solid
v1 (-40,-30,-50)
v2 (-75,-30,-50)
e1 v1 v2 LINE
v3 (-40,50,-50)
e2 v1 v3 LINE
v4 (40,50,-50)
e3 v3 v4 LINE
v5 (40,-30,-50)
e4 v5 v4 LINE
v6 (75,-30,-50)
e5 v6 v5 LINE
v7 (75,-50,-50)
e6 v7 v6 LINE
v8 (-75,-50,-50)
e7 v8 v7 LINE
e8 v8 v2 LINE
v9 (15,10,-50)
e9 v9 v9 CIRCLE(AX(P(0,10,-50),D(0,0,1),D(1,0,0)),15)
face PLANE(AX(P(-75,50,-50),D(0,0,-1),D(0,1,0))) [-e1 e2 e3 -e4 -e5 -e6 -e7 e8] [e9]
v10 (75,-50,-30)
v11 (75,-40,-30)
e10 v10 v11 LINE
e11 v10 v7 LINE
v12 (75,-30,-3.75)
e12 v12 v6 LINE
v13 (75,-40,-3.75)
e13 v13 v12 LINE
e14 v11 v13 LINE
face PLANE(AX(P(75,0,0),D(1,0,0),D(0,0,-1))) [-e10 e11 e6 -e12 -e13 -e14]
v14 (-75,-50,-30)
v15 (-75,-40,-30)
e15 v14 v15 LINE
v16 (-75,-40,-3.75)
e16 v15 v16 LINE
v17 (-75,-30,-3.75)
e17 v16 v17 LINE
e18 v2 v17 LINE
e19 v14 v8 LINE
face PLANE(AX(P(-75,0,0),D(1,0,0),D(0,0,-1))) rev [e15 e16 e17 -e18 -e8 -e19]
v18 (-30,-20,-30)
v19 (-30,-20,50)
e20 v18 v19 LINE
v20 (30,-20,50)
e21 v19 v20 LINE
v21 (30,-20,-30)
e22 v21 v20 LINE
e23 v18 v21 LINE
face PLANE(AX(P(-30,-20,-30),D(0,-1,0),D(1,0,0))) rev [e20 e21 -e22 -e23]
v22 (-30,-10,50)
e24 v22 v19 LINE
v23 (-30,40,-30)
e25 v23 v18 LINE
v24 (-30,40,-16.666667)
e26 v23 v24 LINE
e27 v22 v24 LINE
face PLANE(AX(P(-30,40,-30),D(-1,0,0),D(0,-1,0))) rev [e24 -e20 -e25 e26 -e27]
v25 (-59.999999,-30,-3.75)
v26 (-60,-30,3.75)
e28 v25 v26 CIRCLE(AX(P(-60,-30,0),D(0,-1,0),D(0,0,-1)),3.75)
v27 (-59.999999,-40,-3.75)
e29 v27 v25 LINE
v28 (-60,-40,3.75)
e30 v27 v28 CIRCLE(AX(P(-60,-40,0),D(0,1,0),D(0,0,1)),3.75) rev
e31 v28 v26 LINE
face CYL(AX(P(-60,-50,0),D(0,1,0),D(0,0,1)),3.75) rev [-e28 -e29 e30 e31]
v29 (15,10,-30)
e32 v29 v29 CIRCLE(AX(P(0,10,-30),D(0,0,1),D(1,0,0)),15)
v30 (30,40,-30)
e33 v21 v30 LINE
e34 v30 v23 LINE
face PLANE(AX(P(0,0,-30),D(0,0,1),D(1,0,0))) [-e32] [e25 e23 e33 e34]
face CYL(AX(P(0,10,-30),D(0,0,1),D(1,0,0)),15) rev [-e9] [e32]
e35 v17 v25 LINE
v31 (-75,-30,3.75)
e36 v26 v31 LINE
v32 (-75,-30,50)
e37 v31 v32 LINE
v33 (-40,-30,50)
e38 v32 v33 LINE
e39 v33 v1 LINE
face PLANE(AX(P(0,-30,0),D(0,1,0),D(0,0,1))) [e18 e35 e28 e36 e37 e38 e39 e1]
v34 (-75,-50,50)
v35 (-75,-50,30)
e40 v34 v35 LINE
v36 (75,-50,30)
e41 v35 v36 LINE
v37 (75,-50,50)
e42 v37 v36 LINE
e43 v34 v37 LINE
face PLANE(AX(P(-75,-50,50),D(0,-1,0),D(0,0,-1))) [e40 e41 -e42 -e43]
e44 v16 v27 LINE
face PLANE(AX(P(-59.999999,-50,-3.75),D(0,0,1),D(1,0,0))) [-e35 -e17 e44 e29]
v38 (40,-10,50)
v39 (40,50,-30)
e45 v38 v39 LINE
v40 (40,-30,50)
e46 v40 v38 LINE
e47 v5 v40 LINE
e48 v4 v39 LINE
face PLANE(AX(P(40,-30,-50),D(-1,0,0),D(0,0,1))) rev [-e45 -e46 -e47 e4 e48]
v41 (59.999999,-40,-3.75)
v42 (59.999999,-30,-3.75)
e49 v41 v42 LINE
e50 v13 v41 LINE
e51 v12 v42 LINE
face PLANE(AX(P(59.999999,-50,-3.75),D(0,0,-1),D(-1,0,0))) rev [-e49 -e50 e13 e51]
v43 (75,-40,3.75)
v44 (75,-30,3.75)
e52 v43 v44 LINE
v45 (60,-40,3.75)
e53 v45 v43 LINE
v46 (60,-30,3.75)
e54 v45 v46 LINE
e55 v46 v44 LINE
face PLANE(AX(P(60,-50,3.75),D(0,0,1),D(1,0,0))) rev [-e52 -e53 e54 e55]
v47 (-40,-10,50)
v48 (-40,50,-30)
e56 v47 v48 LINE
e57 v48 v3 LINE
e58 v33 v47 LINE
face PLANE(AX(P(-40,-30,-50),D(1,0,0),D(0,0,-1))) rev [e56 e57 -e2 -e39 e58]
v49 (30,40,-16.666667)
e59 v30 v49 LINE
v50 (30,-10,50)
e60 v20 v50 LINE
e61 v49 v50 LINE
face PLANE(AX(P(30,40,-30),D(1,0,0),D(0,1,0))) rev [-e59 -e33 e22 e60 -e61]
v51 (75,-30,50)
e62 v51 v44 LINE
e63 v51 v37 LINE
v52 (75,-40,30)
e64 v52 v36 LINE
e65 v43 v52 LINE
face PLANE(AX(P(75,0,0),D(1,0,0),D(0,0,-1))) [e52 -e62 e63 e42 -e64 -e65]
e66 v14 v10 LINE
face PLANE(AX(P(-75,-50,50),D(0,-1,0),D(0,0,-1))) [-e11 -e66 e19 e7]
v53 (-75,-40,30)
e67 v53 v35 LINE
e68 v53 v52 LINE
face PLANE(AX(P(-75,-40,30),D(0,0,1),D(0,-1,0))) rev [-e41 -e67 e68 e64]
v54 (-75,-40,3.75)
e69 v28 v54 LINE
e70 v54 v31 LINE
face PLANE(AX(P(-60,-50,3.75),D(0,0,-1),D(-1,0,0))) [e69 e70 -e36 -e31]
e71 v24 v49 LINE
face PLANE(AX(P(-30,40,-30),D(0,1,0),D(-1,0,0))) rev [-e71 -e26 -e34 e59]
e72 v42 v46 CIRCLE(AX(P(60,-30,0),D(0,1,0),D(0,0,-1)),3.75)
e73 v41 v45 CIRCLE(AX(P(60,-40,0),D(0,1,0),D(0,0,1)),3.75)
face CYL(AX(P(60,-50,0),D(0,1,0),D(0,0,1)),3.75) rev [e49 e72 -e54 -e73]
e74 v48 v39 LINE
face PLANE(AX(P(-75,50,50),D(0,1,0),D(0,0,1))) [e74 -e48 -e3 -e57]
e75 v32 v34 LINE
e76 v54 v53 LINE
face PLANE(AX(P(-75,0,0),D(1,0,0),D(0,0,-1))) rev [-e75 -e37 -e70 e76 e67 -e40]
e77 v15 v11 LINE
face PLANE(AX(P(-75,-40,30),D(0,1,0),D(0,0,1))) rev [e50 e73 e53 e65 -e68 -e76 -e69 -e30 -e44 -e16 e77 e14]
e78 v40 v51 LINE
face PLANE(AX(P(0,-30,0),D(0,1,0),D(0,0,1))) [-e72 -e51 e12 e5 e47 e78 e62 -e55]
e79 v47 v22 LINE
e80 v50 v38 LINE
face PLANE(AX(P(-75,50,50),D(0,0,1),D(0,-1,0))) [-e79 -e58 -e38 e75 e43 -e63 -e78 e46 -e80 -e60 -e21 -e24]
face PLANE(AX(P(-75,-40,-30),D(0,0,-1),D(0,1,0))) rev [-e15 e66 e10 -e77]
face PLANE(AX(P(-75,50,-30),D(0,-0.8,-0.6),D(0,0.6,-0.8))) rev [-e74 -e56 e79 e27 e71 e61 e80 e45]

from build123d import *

# Parameters (mm, degrees)
BOSS_EXTRUDE1_DEPTH      = 75
BOSS_EXTRUDE1_DEPTH_BACK = 75
SKETCH1_W                = 100
SKETCH1_H                = 100
SKETCH2_W                = 35
SKETCH2_H                = 100
CUT_EXTRUDE1_DEPTH       = 80
CUT_EXTRUDE2_DEPTH       = 136
SKETCH5_W                = 60
SKETCH5_H                = 60
CUT_EXTRUDE3_DEPTH       = 80
SKETCH6_W                = 60
SKETCH6_H                = 10
CUT_EXTRUDE5_DEPTH       = 166.831239518
CUT_EXTRUDE6_DEPTH       = 121.519707932
HOLE1_D                  = 30


with BuildPart() as part:
    # Sketch1 → Boss-Extrude1 (new, two sides: drawn at the far end of the back side and taken through both)
    with BuildSketch(Plane(origin=(0, 0, 0), x_dir=(0, 0, -1), z_dir=(1, 0, 0)).offset(-BOSS_EXTRUDE1_DEPTH_BACK)):
        Rectangle(SKETCH1_W, SKETCH1_H)
    extrude(amount=BOSS_EXTRUDE1_DEPTH + BOSS_EXTRUDE1_DEPTH_BACK)

    # Sketch2 → Cut-Extrude1 (cut)
    with BuildSketch(Plane(origin=(0, 50, 0), x_dir=(1, 0, 0), z_dir=(0, 1, 0))):
        with Locations((57.5, 0)):
            Rectangle(SKETCH2_W, SKETCH2_H)
        with Locations((-57.5, 0)):
            Rectangle(SKETCH2_W, SKETCH2_H)
    extrude(amount=-CUT_EXTRUDE1_DEPTH, mode=Mode.SUBTRACT)

    # Sketch3 → Cut-Extrude2 (cut, through all)
    with BuildSketch(Plane(origin=(40, 0, 0), x_dir=(0, 0, -1), z_dir=(1, 0, 0))):
        Polygon((30, 50), (-50, -10), (-50, 50), align=None)
    extrude(amount=-CUT_EXTRUDE2_DEPTH, mode=Mode.SUBTRACT)

    # Sketch5 → Cut-Extrude3 (cut)
    with BuildSketch(Plane.XY.offset(50)):
        with Locations((0, 10)):
            Rectangle(SKETCH5_W, SKETCH5_H)
    extrude(amount=-CUT_EXTRUDE3_DEPTH, mode=Mode.SUBTRACT)

    # Sketch6 → Cut-Extrude5 (cut, through all)
    with BuildSketch(Plane(origin=(75, 0, 0), x_dir=(0, 0, -1), z_dir=(1, 0, 0))):
        with Locations((0, -45)):
            Rectangle(SKETCH6_W, SKETCH6_H)
    extrude(amount=-CUT_EXTRUDE5_DEPTH, mode=Mode.SUBTRACT)

    # Sketch7 → Cut-Extrude6 (cut, through all)
    with BuildSketch(Plane(origin=(0, -30, 0), x_dir=(1, 0, 0), z_dir=(0, 1, 0))):
        with BuildLine():
            Line((59.99999901, 3.75), (75, 3.75))
            Line((75, 3.75), (75, -3.75))
            Line((75, -3.75), (60, -3.75))
            ThreePointArc((60, -3.75), (56.25, -4.95e-07), (59.99999901, 3.75))
        make_face()
    cut_extrude6 = extrude(amount=-CUT_EXTRUDE6_DEPTH, mode=Mode.SUBTRACT)

    # Mirror1: Cut-Extrude6 across plane
    add(cut_extrude6.mirror(Plane(origin=(0, 0, 0), x_dir=(0, 0, 1), z_dir=(1, 0, 0))), mode=Mode.SUBTRACT)

    # Hole1 (through all)
    with Locations(Plane.XY.offset(-30)):
        with Locations((0, 10)):
            Hole(HOLE1_D / 2)


solid = part.part
